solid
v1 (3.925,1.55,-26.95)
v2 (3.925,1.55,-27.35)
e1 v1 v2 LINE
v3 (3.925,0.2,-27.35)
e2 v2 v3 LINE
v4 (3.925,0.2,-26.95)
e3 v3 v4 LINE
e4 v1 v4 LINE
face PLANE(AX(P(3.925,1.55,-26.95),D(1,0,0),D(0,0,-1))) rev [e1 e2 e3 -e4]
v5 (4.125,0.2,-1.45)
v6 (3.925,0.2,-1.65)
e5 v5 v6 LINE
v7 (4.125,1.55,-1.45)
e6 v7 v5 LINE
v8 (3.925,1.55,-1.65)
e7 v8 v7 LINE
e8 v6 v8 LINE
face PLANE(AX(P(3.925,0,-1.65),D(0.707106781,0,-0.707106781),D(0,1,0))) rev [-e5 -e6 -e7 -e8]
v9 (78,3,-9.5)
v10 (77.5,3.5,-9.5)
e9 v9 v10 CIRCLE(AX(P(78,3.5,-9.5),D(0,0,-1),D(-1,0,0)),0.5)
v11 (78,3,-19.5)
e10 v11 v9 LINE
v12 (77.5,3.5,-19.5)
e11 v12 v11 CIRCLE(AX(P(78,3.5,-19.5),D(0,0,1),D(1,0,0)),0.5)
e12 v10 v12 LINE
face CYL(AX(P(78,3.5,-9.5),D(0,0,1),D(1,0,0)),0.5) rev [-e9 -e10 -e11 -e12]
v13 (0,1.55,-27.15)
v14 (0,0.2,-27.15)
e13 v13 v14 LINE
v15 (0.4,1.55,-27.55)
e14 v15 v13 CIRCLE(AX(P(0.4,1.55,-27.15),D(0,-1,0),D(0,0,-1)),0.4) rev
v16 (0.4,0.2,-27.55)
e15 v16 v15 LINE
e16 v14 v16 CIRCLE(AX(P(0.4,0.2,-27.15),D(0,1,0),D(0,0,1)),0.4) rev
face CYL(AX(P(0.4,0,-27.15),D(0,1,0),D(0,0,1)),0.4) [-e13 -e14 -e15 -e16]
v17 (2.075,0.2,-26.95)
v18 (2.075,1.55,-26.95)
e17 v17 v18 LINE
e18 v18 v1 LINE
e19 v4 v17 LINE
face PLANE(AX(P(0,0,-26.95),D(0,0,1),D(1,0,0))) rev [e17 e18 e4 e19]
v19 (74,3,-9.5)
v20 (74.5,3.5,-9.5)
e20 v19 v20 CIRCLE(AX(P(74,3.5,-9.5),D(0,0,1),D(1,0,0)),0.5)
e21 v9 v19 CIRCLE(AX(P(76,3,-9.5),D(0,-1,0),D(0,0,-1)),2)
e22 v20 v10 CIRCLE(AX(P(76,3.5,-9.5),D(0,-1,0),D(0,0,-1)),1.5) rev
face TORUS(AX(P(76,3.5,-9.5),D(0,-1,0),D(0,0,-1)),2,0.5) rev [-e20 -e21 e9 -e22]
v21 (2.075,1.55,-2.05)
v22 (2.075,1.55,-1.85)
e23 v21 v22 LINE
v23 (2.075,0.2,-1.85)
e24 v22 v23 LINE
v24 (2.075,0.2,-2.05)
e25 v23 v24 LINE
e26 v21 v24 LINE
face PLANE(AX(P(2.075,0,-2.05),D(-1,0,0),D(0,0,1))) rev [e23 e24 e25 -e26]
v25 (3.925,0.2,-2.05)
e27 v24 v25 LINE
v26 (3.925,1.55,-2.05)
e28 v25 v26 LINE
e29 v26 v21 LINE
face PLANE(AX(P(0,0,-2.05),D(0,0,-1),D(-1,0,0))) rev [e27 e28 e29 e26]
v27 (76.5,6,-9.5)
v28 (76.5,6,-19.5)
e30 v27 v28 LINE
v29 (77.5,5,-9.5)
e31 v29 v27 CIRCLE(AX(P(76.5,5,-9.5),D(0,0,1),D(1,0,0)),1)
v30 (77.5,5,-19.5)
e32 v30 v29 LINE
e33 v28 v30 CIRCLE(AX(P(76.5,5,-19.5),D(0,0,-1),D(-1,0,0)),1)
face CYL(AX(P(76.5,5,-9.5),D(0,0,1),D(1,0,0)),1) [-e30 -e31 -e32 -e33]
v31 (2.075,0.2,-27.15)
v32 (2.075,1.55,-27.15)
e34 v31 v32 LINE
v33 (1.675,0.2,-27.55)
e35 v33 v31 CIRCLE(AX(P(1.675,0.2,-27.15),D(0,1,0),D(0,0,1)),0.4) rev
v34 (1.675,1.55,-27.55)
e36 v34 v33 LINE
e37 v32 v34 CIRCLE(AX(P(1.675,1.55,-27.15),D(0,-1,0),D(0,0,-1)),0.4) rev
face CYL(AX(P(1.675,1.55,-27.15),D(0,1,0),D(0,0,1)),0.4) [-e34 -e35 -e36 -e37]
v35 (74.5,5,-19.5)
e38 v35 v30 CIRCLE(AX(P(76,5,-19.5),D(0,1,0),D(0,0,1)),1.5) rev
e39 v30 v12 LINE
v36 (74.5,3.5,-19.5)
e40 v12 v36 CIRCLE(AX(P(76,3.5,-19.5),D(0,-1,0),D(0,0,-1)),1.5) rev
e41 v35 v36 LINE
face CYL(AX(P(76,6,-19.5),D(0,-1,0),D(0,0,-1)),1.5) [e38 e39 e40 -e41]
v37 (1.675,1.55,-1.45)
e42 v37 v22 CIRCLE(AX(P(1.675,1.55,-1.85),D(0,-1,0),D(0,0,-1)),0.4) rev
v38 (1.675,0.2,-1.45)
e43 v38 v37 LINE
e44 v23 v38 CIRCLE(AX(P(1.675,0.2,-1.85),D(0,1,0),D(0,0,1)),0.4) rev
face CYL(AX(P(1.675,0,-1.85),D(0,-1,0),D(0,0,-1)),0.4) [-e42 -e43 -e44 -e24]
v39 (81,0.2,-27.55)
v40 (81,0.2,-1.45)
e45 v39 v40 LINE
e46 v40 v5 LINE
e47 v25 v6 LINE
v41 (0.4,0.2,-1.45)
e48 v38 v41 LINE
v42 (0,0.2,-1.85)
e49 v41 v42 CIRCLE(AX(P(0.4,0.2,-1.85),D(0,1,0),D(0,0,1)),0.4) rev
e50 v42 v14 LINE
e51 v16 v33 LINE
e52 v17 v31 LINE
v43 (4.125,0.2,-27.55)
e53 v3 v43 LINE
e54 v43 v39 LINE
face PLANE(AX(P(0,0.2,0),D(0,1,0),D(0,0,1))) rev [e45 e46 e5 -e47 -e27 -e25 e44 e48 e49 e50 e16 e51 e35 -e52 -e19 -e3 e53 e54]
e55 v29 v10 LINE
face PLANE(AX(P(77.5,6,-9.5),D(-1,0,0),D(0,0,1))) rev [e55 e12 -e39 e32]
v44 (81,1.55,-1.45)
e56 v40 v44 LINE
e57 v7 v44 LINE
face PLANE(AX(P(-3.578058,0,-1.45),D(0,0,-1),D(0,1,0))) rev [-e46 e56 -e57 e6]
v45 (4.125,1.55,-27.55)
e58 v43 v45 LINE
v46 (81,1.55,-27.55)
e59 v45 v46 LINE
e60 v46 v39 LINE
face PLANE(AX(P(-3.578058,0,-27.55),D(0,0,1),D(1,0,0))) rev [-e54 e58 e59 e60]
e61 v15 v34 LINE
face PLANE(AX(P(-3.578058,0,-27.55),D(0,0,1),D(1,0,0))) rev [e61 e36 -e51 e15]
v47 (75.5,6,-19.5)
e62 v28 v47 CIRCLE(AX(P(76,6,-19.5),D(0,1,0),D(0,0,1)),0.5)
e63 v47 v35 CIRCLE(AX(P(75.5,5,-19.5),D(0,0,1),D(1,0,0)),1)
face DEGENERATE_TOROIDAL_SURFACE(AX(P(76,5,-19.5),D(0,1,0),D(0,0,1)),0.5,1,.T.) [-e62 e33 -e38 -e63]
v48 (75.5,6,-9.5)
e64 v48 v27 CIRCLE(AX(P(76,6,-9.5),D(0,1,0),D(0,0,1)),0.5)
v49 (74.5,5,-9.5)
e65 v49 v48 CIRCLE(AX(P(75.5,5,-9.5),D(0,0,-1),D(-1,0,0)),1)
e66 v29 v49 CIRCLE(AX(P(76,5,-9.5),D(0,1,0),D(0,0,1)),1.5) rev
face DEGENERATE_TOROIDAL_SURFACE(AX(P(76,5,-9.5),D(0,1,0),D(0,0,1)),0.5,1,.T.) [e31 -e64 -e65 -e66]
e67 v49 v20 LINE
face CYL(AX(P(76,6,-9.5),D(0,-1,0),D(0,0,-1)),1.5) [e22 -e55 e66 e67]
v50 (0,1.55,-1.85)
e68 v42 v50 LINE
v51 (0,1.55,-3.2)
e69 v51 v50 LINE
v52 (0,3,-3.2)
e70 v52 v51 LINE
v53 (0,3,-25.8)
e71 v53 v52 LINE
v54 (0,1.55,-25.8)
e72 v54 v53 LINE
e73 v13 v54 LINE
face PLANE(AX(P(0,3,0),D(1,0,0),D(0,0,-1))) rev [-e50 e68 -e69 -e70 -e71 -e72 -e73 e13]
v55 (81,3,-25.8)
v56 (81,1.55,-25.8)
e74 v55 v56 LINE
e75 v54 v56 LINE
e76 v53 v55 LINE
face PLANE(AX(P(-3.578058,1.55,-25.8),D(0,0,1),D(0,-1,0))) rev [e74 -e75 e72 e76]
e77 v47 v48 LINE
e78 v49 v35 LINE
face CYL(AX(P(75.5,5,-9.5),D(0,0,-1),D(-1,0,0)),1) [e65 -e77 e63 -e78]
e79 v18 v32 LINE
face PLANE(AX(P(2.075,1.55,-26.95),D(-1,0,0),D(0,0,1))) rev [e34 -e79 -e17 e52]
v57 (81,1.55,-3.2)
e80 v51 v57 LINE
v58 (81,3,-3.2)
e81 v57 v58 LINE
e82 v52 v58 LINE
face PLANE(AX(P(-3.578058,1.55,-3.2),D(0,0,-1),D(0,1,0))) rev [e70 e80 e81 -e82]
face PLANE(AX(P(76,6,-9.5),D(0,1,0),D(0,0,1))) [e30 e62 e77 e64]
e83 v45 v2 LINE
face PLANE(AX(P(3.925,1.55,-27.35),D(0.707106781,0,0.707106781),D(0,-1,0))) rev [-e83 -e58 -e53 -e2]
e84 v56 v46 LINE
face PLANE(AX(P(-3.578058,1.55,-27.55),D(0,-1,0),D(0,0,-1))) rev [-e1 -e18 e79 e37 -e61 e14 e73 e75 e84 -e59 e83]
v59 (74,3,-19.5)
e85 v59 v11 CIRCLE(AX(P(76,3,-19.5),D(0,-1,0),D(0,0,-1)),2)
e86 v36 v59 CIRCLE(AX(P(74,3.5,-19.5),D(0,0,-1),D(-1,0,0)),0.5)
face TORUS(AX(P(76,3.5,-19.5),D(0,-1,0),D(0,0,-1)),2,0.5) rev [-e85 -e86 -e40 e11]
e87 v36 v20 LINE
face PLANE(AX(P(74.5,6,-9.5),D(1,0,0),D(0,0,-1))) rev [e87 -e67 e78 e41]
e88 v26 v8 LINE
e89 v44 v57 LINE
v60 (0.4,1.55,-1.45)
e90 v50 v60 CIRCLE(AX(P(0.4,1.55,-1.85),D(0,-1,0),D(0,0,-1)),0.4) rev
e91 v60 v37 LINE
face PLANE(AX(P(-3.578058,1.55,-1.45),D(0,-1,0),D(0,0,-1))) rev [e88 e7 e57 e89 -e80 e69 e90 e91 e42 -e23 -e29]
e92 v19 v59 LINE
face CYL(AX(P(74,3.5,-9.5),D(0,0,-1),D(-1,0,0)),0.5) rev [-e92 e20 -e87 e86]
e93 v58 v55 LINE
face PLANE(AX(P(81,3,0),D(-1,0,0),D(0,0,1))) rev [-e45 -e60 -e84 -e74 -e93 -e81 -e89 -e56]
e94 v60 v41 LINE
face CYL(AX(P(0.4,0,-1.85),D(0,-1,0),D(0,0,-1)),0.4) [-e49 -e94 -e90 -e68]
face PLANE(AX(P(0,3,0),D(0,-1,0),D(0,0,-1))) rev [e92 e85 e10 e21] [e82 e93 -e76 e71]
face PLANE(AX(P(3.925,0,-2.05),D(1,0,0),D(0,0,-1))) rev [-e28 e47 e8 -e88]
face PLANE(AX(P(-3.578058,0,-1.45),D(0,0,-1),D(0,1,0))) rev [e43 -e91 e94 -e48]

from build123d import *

# Parameters (mm, degrees)
SKETCH1_W           = 81
SKETCH1_H           = 29
BOSS_EXTRUDE1_DEPTH = 3
CUT_EXTRUDE2_DEPTH  = 81
CUT_EXTRUDE3_DEPTH  = 81
SKETCH6_W           = 1.85
SKETCH6_H           = 1.55
CUT_EXTRUDE5_DEPTH  = 0.6
FILLET6_R           = 0.4
CHAMFER2_SIZE       = 0.2
SKETCH7_W           = 1.85
SKETCH7_H           = 1.55
CUT_EXTRUDE6_DEPTH  = 0.6
FILLET7_R           = 0.4
CHAMFER3_SIZE       = 0.2
SKETCH11_W          = 81
SKETCH11_H          = 26.1
CUT_EXTRUDE7_DEPTH  = 0.2
FILLET8_R           = 0.4
BOSS_EXTRUDE2_DEPTH = 3
FILLET9_R           = 1
FILLET10_R          = 0.5


with BuildPart() as part:
    # Sketch1 → Boss-Extrude1 (new body)
    with BuildSketch(Plane(origin=(0, 0, 0), x_dir=(1, 0, 0), z_dir=(0, 1, 0))):
        with Locations((40.5, 14.5)):
            Rectangle(SKETCH1_W, SKETCH1_H)
    extrude(amount=BOSS_EXTRUDE1_DEPTH)

    # Sketch2 → Cut-Extrude2 (cut)
    with BuildSketch(Plane(origin=(81, 0, 0), x_dir=(0, 0, -1), z_dir=(1, 0, 0))):
        Polygon((0, 3), (3, 3), (3, 1.75), (1.25, 1.75), (1.25, 0), (0, 0), align=None)
        Polygon((29, 0), (27.75, 0), (27.75, 1.75), (26, 1.75), (26, 3), (29, 3), align=None)
    extrude(amount=-CUT_EXTRUDE2_DEPTH, mode=Mode.SUBTRACT)

    # Sketch4 → Cut-Extrude3 (cut)
    with BuildSketch(Plane(origin=(81, 0, 0), x_dir=(0, 0, -1), z_dir=(1, 0, 0))):
        Polygon((27.75, 0), (27.55, 0), (27.55, 1.55), (25.8, 1.55), (25.8, 3), (26, 3), (26, 1.75), (27.75, 1.75), align=None)
        Polygon((3.2, 3), (3, 3), (3, 1.75), (1.25, 1.75), (1.25, 0), (1.45, 0), (1.45, 1.55), (3.2, 1.55), align=None)
    extrude(amount=-CUT_EXTRUDE3_DEPTH, mode=Mode.SUBTRACT)

    # Sketch6 → Cut-Extrude5 (cut)
    with BuildSketch(Plane.XY.offset(-1.45)):
        with Locations((3, 0.775)):
            Rectangle(SKETCH6_W, SKETCH6_H)
    extrude(amount=-CUT_EXTRUDE5_DEPTH, mode=Mode.SUBTRACT)

    # Fillet6
    fillet6_edges = [part.edges().sort_by_distance(p)[0] for p in [
        (2.075, 0.775, -1.45),
    ]]
    fillet(fillet6_edges, radius=FILLET6_R)

    # Chamfer2
    chamfer2_edges = [part.edges().sort_by_distance(p)[0] for p in [
        (3.925, 0.775, -1.45),
    ]]
    chamfer(chamfer2_edges, length=CHAMFER2_SIZE)

    # Sketch7 → Cut-Extrude6 (cut)
    with BuildSketch(Plane(origin=(0, 0, -27.55), x_dir=(-1, 0, 0), z_dir=(0, 0, -1))):
        with Locations((-3, 0.775)):
            Rectangle(SKETCH7_W, SKETCH7_H)
    extrude(amount=-CUT_EXTRUDE6_DEPTH, mode=Mode.SUBTRACT)

    # Fillet7
    fillet7_edges = [part.edges().sort_by_distance(p)[0] for p in [
        (2.075, 0.775, -27.55),
    ]]
    fillet(fillet7_edges, radius=FILLET7_R)

    # Chamfer3
    chamfer3_edges = [part.edges().sort_by_distance(p)[0] for p in [
        (3.925, 0.775, -27.55),
    ]]
    chamfer(chamfer3_edges, length=CHAMFER3_SIZE)

    # Sketch11 → Cut-Extrude7 (cut)
    with BuildSketch(Plane(origin=(0, 0, 0), x_dir=(-1, 0, 0), z_dir=(0, -1, 0))):
        with Locations((-40.5, 14.5)):
            Rectangle(SKETCH11_W, SKETCH11_H)
    extrude(amount=-CUT_EXTRUDE7_DEPTH, mode=Mode.SUBTRACT)

    # Fillet8
    fillet8_edges = [part.edges().sort_by_distance(p)[0] for p in [
        (0, 0.875, -27.55),
        (0, 0.875, -1.45),
    ]]
    fillet(fillet8_edges, radius=FILLET8_R)

    # Sketch9 → Boss-Extrude2 (add)
    with BuildSketch(Plane(origin=(0, 3, 0), x_dir=(1, 0, 0), z_dir=(0, 1, 0))):
        with BuildLine():
            Line((74.5, 9.5), (74.5, 19.5))
            ThreePointArc((74.5, 19.5), (76, 21), (77.5, 19.5))
            Line((77.5, 19.5), (77.5, 9.5))
            ThreePointArc((77.5, 9.5), (76, 8), (74.5, 9.5))
        make_face()
    extrude(amount=BOSS_EXTRUDE2_DEPTH)

    # Fillet9
    fillet9_edges = [part.edges().sort_by_distance(p)[0] for p in [
        (76, 6, -8),
        (77.5, 6, -14.5),
        (76, 6, -21),
        (74.5, 6, -14.5),
    ]]
    fillet(fillet9_edges, radius=FILLET9_R)

    # Fillet10
    fillet10_edges = [part.edges().sort_by_distance(p)[0] for p in [
        (76, 3, -8),
        (77.5, 3, -14.5),
        (76, 3, -21),
        (74.5, 3, -14.5),
    ]]
    fillet(fillet10_edges, radius=FILLET10_R)


solid = part.part
